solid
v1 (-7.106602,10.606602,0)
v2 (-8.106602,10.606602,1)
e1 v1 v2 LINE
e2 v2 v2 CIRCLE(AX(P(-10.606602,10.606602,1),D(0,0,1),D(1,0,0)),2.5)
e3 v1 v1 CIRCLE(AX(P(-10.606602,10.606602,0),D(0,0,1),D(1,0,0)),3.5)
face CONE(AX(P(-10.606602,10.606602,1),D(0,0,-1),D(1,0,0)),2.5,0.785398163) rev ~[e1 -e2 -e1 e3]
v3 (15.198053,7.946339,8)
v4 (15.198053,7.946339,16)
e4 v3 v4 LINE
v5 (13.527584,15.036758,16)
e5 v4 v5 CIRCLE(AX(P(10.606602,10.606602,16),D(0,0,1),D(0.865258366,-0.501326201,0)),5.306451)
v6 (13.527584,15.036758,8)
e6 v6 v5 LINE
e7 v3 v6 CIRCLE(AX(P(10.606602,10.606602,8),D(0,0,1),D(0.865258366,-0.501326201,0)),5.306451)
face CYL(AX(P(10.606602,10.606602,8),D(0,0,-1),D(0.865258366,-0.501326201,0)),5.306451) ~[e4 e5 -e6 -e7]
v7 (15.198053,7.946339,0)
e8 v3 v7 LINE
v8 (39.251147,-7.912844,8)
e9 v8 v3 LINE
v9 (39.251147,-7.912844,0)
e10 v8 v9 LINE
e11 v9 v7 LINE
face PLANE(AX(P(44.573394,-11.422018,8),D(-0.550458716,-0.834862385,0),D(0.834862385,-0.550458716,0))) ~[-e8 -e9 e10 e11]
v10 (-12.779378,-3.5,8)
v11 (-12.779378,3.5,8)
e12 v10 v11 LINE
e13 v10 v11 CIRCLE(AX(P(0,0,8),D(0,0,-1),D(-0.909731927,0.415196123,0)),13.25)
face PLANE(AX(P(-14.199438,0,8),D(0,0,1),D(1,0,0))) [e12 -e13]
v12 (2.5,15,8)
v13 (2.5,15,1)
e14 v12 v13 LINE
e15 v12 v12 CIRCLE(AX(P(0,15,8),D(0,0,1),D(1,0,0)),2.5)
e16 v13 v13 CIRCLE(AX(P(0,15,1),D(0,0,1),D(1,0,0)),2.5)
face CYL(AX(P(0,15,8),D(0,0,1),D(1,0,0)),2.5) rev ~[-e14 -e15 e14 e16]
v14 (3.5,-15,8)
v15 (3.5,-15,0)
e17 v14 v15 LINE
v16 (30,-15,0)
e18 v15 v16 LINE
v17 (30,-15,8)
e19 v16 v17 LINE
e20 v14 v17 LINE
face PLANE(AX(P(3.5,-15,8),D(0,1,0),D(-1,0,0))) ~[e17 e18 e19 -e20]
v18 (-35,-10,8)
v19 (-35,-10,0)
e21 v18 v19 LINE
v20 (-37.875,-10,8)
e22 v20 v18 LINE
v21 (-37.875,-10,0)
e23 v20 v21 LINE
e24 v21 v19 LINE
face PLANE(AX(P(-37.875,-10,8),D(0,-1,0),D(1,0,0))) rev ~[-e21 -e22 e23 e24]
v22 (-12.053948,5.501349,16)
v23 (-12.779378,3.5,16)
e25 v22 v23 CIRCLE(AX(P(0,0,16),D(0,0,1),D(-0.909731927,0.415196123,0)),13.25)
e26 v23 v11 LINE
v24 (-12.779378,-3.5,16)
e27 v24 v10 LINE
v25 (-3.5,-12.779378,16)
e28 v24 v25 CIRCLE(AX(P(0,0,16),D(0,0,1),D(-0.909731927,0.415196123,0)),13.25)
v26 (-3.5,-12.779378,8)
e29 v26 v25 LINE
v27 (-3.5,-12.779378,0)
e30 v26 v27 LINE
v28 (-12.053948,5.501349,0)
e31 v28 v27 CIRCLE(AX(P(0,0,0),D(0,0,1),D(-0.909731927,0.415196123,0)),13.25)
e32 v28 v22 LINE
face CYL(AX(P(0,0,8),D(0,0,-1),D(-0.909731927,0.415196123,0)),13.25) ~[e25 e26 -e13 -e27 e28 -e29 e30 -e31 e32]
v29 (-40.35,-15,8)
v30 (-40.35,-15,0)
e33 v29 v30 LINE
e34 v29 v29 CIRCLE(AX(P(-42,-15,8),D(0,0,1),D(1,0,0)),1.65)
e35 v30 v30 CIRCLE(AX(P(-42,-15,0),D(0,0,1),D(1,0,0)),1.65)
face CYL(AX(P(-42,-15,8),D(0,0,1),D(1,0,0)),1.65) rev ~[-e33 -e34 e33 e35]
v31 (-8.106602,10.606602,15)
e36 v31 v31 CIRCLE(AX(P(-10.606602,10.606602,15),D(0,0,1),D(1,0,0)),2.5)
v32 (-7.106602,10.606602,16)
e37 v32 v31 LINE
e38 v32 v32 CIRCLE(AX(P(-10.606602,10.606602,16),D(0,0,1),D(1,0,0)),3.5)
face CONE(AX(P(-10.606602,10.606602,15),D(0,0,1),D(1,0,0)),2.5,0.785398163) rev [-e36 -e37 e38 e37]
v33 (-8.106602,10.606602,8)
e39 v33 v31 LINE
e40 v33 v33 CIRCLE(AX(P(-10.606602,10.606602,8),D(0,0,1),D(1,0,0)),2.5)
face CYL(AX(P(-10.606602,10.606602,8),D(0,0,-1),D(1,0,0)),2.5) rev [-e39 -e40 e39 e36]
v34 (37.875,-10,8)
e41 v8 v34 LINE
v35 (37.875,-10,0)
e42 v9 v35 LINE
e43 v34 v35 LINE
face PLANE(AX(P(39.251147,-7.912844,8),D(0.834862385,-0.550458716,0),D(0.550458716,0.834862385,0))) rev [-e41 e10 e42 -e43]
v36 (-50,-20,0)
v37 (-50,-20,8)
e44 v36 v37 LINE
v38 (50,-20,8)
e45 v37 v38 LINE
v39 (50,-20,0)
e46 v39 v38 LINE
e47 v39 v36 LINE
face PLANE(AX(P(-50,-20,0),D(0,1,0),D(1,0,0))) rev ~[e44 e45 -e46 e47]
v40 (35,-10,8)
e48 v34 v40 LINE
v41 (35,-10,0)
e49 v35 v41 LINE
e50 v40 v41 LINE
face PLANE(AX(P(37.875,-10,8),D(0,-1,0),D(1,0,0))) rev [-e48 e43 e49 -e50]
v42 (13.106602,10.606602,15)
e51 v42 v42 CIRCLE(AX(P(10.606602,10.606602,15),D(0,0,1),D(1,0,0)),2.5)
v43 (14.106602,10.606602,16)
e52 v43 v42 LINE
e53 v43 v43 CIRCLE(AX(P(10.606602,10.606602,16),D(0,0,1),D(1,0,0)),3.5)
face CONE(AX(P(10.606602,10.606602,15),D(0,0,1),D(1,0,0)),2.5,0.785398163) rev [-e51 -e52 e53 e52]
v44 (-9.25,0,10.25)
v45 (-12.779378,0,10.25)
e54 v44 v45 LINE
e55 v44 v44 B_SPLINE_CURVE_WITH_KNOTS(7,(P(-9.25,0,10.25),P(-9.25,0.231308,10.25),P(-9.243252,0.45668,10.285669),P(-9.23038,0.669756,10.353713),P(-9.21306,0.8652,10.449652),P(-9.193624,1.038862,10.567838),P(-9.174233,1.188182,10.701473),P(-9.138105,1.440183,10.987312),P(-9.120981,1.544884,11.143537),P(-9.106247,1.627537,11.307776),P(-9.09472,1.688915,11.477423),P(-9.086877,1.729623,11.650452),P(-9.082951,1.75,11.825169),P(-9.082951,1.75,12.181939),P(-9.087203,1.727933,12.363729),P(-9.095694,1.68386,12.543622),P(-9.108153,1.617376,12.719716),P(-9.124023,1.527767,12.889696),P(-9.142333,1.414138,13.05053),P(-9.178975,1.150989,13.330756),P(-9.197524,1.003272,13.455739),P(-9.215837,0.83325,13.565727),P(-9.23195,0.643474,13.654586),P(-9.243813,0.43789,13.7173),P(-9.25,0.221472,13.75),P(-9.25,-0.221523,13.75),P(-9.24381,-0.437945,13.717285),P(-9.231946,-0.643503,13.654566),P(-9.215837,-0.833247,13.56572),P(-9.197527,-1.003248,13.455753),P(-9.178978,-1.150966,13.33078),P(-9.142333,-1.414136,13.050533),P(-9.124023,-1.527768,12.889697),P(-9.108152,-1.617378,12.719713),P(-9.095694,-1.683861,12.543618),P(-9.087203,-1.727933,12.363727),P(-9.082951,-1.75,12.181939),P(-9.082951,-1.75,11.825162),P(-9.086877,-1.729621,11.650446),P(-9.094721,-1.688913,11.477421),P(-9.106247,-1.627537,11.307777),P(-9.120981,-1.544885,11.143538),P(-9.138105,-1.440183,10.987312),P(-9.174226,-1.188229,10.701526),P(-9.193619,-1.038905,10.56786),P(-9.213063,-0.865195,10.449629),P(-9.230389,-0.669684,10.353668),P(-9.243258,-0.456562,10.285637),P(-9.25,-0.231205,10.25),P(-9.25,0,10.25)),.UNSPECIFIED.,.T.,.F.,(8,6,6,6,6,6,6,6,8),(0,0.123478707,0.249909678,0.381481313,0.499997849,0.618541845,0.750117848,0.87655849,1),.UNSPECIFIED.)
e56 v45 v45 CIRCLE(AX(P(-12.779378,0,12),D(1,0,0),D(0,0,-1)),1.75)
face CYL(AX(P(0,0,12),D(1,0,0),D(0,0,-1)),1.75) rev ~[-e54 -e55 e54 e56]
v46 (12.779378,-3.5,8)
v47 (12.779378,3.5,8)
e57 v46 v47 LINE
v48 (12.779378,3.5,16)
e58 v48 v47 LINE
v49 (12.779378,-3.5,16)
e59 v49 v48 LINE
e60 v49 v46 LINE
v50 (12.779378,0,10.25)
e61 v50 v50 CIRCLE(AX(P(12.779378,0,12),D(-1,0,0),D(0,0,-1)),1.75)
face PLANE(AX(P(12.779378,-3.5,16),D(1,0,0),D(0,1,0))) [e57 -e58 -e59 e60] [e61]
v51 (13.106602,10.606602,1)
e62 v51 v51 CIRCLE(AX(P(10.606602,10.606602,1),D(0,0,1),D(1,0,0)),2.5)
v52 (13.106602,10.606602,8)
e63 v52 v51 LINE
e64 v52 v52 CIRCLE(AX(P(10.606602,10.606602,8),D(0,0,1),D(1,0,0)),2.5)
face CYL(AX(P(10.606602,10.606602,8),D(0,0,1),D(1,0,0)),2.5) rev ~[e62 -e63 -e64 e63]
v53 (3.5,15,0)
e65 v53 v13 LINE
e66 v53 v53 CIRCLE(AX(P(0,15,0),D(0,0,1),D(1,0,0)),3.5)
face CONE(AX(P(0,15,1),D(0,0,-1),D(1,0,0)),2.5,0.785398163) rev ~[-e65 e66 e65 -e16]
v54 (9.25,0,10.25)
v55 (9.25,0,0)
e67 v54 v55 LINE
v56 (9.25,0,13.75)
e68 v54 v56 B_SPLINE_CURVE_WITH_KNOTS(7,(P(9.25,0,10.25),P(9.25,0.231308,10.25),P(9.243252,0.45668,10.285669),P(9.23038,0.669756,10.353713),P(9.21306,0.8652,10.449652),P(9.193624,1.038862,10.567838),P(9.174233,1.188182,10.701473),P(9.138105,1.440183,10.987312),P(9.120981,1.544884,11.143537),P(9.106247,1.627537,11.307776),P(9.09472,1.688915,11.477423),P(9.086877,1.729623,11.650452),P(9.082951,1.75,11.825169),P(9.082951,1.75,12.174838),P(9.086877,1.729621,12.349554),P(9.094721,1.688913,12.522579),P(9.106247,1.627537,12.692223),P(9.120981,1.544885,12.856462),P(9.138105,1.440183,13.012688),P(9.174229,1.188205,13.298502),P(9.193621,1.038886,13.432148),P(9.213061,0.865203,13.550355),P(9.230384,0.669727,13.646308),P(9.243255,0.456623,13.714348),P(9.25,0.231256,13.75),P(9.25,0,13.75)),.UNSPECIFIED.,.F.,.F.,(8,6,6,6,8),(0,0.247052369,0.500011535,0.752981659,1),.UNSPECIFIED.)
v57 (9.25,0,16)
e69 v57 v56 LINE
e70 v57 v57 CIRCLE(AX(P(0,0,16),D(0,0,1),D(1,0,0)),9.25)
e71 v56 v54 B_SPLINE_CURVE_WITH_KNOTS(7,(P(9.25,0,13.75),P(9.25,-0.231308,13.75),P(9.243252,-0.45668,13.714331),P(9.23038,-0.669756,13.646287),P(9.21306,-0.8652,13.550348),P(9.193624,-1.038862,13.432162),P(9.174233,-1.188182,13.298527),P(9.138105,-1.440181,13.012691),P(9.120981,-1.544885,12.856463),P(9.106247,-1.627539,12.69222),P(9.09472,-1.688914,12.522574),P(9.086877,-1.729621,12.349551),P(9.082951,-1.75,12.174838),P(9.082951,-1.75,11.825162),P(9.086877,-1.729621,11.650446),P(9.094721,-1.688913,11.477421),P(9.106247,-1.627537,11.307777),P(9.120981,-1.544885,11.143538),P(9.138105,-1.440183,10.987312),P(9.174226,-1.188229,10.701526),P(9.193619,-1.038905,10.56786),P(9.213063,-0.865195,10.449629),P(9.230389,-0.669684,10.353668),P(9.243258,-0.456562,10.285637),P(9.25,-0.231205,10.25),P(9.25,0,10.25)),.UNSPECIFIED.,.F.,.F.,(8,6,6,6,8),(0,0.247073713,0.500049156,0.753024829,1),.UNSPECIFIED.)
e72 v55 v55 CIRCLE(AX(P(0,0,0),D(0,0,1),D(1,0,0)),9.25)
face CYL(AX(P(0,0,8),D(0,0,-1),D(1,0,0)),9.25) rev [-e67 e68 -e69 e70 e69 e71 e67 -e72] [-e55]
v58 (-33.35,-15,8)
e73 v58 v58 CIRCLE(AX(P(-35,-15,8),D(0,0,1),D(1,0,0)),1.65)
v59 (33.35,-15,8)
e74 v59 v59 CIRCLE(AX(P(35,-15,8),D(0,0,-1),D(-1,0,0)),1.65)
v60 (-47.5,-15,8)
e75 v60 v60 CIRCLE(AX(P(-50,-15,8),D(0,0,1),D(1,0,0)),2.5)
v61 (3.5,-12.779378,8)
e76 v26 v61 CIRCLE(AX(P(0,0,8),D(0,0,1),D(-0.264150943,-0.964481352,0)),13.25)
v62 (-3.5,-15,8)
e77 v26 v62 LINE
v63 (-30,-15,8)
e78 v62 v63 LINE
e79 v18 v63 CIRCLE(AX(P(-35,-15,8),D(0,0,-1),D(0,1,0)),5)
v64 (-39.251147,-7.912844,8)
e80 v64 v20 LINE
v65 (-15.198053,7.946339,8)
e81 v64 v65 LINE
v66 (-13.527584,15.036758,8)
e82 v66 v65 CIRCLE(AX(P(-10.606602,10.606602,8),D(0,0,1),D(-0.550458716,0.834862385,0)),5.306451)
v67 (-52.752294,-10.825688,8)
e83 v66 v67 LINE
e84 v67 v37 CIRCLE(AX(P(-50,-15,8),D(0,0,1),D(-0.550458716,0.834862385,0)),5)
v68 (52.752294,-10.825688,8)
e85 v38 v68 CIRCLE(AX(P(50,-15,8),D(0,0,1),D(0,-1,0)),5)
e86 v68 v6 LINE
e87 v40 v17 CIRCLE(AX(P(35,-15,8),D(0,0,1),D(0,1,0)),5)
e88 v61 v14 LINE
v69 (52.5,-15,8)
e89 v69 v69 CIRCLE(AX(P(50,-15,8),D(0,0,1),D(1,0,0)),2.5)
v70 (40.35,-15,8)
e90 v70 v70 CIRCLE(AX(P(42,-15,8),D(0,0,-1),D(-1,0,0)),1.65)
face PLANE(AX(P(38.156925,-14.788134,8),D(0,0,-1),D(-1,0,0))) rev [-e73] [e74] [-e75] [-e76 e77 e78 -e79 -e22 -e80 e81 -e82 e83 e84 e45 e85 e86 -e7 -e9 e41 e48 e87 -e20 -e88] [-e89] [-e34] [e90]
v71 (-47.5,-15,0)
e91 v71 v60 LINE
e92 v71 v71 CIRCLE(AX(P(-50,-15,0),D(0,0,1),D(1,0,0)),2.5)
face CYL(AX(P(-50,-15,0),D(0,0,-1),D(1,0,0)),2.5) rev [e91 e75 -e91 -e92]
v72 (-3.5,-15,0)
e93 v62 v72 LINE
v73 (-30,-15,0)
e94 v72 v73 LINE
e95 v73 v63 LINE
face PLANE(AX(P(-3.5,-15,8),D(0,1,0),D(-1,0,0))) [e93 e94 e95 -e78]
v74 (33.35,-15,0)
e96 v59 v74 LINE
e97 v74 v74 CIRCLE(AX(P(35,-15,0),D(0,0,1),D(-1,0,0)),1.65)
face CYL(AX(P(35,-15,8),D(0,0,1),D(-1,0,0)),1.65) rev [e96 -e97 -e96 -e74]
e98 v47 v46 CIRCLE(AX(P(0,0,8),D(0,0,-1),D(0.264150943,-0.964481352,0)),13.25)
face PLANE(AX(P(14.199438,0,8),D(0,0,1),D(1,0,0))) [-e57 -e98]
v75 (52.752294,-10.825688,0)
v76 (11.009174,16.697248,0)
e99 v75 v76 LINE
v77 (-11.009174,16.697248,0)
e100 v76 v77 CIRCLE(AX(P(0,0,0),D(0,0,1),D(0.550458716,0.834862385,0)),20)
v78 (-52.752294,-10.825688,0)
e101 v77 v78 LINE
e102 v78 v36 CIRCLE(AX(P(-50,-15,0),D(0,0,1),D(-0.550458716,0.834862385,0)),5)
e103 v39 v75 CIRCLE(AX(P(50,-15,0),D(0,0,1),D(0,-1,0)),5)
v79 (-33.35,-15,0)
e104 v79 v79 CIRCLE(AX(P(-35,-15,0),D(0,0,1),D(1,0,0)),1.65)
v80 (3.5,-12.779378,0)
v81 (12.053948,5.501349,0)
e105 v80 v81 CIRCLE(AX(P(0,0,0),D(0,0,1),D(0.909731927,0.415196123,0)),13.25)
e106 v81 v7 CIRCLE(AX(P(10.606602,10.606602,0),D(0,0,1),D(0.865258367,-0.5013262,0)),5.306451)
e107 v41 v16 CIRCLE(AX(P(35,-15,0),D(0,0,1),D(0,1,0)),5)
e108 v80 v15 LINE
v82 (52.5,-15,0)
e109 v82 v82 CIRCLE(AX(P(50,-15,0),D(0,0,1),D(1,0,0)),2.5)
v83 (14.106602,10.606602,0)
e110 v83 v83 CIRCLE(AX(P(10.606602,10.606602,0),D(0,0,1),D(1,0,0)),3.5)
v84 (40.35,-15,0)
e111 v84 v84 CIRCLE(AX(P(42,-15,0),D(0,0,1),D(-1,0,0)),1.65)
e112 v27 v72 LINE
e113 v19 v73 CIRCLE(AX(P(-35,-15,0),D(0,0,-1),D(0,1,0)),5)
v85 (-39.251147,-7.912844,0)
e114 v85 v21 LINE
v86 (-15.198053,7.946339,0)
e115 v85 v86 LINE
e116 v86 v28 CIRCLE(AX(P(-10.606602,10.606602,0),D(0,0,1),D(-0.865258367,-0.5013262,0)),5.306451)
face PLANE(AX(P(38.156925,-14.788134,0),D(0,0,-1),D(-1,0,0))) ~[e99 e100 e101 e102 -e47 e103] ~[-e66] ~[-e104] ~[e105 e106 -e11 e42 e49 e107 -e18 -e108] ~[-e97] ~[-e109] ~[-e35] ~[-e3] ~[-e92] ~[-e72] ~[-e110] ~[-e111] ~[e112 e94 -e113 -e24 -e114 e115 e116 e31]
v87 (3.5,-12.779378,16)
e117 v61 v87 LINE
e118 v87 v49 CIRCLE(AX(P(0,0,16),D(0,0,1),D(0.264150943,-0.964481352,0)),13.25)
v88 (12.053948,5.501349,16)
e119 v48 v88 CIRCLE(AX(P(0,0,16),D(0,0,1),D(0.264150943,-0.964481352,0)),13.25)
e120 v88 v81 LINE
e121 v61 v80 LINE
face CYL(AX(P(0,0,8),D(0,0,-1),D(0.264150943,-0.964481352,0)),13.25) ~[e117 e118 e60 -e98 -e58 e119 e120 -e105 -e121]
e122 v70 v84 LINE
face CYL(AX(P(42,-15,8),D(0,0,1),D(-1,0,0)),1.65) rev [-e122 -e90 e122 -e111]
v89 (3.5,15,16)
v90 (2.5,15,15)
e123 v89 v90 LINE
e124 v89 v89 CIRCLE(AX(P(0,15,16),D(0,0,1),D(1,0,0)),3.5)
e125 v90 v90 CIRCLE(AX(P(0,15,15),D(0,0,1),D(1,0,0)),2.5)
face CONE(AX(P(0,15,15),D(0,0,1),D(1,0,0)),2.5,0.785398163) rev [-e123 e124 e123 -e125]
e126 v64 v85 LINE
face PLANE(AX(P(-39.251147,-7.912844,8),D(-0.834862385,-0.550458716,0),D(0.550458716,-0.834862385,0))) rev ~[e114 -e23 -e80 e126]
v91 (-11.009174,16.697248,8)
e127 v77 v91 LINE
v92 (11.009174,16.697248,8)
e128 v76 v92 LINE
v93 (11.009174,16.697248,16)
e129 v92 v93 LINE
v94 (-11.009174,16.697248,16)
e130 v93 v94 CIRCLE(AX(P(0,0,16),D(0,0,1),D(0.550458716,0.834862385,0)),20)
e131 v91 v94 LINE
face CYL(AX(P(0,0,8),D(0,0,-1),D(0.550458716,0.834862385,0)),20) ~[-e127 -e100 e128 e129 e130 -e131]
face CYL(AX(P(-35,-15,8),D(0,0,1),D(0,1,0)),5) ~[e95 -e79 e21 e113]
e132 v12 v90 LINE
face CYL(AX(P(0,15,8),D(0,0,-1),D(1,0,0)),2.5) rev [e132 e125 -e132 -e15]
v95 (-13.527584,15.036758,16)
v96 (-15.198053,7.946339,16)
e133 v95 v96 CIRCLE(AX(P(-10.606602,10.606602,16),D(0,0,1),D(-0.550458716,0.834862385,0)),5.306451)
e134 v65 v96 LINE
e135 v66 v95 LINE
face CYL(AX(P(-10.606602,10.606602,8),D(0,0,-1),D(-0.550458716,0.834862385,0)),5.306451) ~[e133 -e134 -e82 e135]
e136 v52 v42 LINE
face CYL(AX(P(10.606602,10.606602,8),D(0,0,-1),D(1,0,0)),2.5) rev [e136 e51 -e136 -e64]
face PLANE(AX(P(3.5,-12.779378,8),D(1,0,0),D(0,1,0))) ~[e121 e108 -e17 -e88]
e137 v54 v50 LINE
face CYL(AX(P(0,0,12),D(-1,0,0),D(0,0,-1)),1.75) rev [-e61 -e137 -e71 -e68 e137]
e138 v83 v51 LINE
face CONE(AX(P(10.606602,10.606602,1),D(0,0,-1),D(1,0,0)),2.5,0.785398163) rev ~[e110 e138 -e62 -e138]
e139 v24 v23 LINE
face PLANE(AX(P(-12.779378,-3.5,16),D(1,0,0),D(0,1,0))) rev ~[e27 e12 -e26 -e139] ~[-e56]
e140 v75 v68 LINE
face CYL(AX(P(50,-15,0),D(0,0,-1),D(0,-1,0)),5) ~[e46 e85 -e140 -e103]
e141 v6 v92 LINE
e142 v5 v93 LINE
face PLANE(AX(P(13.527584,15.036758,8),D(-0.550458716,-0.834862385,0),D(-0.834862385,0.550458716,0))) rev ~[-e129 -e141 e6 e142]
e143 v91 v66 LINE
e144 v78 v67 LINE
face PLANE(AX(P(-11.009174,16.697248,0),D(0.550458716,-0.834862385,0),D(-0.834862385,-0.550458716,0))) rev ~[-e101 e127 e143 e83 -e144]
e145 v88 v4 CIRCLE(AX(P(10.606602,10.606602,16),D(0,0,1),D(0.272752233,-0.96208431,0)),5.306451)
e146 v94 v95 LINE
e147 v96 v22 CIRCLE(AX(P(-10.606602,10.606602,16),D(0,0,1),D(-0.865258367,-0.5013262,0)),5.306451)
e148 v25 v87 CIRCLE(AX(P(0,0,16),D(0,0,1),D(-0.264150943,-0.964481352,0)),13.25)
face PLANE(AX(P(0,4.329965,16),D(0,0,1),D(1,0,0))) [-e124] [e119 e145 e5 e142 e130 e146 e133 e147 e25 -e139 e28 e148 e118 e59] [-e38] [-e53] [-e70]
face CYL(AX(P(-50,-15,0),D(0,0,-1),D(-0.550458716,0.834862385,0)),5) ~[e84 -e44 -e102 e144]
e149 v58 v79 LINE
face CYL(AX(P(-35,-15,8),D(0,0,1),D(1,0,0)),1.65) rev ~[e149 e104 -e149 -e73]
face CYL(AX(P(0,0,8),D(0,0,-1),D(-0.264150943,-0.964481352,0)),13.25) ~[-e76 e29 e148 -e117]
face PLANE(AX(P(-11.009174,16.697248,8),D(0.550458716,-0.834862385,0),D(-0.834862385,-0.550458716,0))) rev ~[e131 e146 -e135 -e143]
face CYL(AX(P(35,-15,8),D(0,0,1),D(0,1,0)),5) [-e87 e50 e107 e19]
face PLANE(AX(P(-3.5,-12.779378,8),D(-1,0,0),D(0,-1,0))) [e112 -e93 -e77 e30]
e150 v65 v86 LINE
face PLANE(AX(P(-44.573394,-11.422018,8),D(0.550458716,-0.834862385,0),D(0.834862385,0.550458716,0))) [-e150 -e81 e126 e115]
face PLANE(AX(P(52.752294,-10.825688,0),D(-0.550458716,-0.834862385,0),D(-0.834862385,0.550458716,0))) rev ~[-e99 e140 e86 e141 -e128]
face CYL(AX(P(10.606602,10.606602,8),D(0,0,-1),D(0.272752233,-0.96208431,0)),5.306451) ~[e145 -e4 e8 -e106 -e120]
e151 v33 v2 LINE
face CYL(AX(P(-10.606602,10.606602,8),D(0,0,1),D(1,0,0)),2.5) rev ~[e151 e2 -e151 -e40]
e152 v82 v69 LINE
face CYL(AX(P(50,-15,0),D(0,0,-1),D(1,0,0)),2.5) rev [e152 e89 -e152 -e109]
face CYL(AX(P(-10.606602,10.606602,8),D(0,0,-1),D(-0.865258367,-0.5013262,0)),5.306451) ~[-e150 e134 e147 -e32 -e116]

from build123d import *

# Parameters (mm, degrees)
SKETCH_1_R               = 9.25
SKETCH_1_R_2             = 2.5
EXTRUDE_1_DEPTH          = 8
SKETCH_2_R               = 2.5
CUT_EXTRUDE_1_DEPTH      = 9
CUT_EXTRUDE_2_DEPTH      = 9
SKETCH_8_R               = 9.25
SKETCH_8_R_2             = 2.5
EXTRUDE_2_DEPTH          = 8
SKETCH_9_R               = 1.75
CUT_EXTRUDE_5_DEPTH      = 56
CUT_EXTRUDE_5_DEPTH_BACK = 56
SKETCH_11_W              = 2.84011948
SKETCH_11_H              = 7
CUT_EXTRUDE_6_DEPTH      = 8
EXTRUDE_3_DEPTH          = 8
SKETCH_12_R              = 1.65
CUT_EXTRUDE_7_DEPTH      = 9
CHAMFER_2_SIZE           = 1


with BuildPart() as part:
    # Sketch 1 → Extrude 1 (new body)
    with BuildSketch(Plane.XY):
        with BuildLine():
            Line((-50, -20), (50, -20))
            ThreePointArc((50, -20), (54.789131426, -16.436739428), (52.752293578, -10.825688073))
            Line((52.752293578, -10.825688073), (11.009174312, 16.697247706))
            ThreePointArc((11.009174312, 16.697247706), (0, 20), (-11.009174312, 16.697247706))
            Line((-11.009174312, 16.697247706), (-52.752293578, -10.825688073))
            ThreePointArc((-52.752293578, -10.825688073), (-54.789131426, -16.436739428), (-50, -20))
        make_face()
        Circle(SKETCH_1_R, mode=Mode.SUBTRACT)
        with Locations((50, -15)):
            Circle(SKETCH_1_R_2, mode=Mode.SUBTRACT)
        with Locations((-50, -15)):
            Circle(SKETCH_1_R_2, mode=Mode.SUBTRACT)
    extrude(amount=EXTRUDE_1_DEPTH)

    # Sketch 2 → Cut-Extrude 1 (cut, through all)
    with BuildSketch(Plane.XY.offset(8)):
        with Locations((0, 15)):
            Circle(SKETCH_2_R)
        with Locations((-10.606601718, 10.606601718)):
            Circle(SKETCH_2_R)
        with Locations((10.606601718, 10.606601718)):
            Circle(SKETCH_2_R)
    extrude(amount=-CUT_EXTRUDE_1_DEPTH, mode=Mode.SUBTRACT)

    # Sketch 3 → Cut-Extrude 2 (cut, through all)
    with BuildSketch(Plane.XY.offset(8)):
        with BuildLine():
            Line((-44.573394495, -11.422018349), (-15.198052695, 7.946338883))
            ThreePointArc((-15.198052695, 7.946338883), (-13.864095006, 6.417668929), (-12.053948035, 5.501348633))
            ThreePointArc((-12.053948035, 5.501348633), (-12.001148515, -5.615597414), (-3.5, -12.779377919))
            Line((-3.5, -12.779377919), (-3.5, -15))
            Line((-3.5, -15), (-43.5, -15))
            ThreePointArc((-43.5, -15), (-43.774129146, -13.132238744), (-44.573394495, -11.422018349))
        make_face()
    cut_extrude_2 = extrude(amount=-CUT_EXTRUDE_2_DEPTH, mode=Mode.SUBTRACT)

    # Mirror 1: Cut-Extrude 2 across plane
    add(cut_extrude_2.mirror(Plane(origin=(0, 0, 0), x_dir=(0, 0, 1), z_dir=(1, 0, 0))), mode=Mode.SUBTRACT)

    # Sketch 8 → Extrude 2 (add)
    with BuildSketch(Plane.XY.offset(8)):
        with BuildLine():
            Line((-11.009174312, 16.697247706), (-13.527583827, 15.036757916))
            ThreePointArc((-13.527583827, 15.036757916), (-15.771645109, 11.823461278), (-15.198052695, 7.946338883))
            ThreePointArc((-15.198052695, 7.946338883), (-13.864095006, 6.417668929), (-12.053948035, 5.501348633))
            ThreePointArc((-12.053948035, 5.501348633), (-12.001148515, -5.615597414), (-3.5, -12.779377919))
            ThreePointArc((-3.5, -12.779377919), (0, -13.25), (3.5, -12.779377919))
            ThreePointArc((3.5, -12.779377919), (12.001148515, -5.615597414), (12.053948035, 5.501348633))
            ThreePointArc((12.053948035, 5.501348633), (13.864095006, 6.417668929), (15.198052695, 7.946338883))
            ThreePointArc((15.198052695, 7.946338883), (15.771645109, 11.823461278), (13.527583827, 15.036757916))
            Line((13.527583827, 15.036757916), (11.009174312, 16.697247706))
            ThreePointArc((11.009174312, 16.697247706), (0, 20), (-11.009174312, 16.697247706))
        make_face()
        Circle(SKETCH_8_R, mode=Mode.SUBTRACT)
        with Locations((-10.606601718, 10.606601718)):
            Circle(SKETCH_8_R_2, mode=Mode.SUBTRACT)
        with Locations((10.606601718, 10.606601718)):
            Circle(SKETCH_8_R_2, mode=Mode.SUBTRACT)
        with Locations((0, 15)):
            Circle(SKETCH_8_R_2, mode=Mode.SUBTRACT)
    extrude(amount=EXTRUDE_2_DEPTH)

    # Sketch 9 → Cut-Extrude 5 (cut, two sides)
    with BuildSketch(Plane(origin=(0, 0, 0), x_dir=(0, 0, -1), z_dir=(1, 0, 0))) as cut_extrude_5_sk:
        with Locations((-12, 0)):
            Circle(SKETCH_9_R)
    extrude(amount=CUT_EXTRUDE_5_DEPTH, mode=Mode.SUBTRACT)
    extrude(cut_extrude_5_sk.sketch, amount=-CUT_EXTRUDE_5_DEPTH_BACK, mode=Mode.SUBTRACT)

    # Sketch 11 → Cut-Extrude 6 (cut)
    with BuildSketch(Plane.XY.offset(16)):
        with Locations((14.199437659, 0)):
            Rectangle(SKETCH_11_W, SKETCH_11_H)
        with Locations((-14.199437659, 0)):
            Rectangle(SKETCH_11_W, SKETCH_11_H)
    extrude(amount=-CUT_EXTRUDE_6_DEPTH, mode=Mode.SUBTRACT)

    # Sketch 13 → Extrude 3 (add)
    with BuildSketch(Plane.XY.offset(8)):
        with BuildLine():
            Line((-37.875, -10), (-35, -10))
            ThreePointArc((-35, -10), (-30, -15), (-35, -20))
            Line((-35, -20), (-44.573394495, -20))
            Line((-44.573394495, -20), (-44.573394495, -11.422018349))
            Line((-44.573394495, -11.422018349), (-39.251146789, -7.912844037))
            Line((-39.251146789, -7.912844037), (-37.875, -10))
        make_face()
    extrude_3 = extrude(amount=-EXTRUDE_3_DEPTH)

    # Sketch 12 → Cut-Extrude 7 (cut, through all)
    with BuildSketch(Plane.XY.offset(8)):
        with Locations((-42, -15)):
            Circle(SKETCH_12_R)
        with Locations((-35, -15)):
            Circle(SKETCH_12_R)
    cut_extrude_7 = extrude(amount=-CUT_EXTRUDE_7_DEPTH, mode=Mode.SUBTRACT)

    # Mirror 2: Extrude 3, Cut-Extrude 7 across plane
    add(extrude_3.mirror(Plane(origin=(0, 0, 0), x_dir=(0, 0, 1), z_dir=(1, 0, 0))))
    add(cut_extrude_7.mirror(Plane(origin=(0, 0, 0), x_dir=(0, 0, 1), z_dir=(1, 0, 0))), mode=Mode.SUBTRACT)

    # Chamfer 2
    chamfer_2_edges = [part.edges().sort_by_distance(p)[0] for p in [
        (8.106601718, 10.606601718, 0),
        (-13.106601718, 10.606601718, 0),
        (-2.5, 15, 0),
        (-13.106601718, 10.606601718, 16),
        (-2.5, 15, 16),
        (8.106601718, 10.606601718, 16),
    ]]
    chamfer(chamfer_2_edges, length=CHAMFER_2_SIZE)


solid = part.part
